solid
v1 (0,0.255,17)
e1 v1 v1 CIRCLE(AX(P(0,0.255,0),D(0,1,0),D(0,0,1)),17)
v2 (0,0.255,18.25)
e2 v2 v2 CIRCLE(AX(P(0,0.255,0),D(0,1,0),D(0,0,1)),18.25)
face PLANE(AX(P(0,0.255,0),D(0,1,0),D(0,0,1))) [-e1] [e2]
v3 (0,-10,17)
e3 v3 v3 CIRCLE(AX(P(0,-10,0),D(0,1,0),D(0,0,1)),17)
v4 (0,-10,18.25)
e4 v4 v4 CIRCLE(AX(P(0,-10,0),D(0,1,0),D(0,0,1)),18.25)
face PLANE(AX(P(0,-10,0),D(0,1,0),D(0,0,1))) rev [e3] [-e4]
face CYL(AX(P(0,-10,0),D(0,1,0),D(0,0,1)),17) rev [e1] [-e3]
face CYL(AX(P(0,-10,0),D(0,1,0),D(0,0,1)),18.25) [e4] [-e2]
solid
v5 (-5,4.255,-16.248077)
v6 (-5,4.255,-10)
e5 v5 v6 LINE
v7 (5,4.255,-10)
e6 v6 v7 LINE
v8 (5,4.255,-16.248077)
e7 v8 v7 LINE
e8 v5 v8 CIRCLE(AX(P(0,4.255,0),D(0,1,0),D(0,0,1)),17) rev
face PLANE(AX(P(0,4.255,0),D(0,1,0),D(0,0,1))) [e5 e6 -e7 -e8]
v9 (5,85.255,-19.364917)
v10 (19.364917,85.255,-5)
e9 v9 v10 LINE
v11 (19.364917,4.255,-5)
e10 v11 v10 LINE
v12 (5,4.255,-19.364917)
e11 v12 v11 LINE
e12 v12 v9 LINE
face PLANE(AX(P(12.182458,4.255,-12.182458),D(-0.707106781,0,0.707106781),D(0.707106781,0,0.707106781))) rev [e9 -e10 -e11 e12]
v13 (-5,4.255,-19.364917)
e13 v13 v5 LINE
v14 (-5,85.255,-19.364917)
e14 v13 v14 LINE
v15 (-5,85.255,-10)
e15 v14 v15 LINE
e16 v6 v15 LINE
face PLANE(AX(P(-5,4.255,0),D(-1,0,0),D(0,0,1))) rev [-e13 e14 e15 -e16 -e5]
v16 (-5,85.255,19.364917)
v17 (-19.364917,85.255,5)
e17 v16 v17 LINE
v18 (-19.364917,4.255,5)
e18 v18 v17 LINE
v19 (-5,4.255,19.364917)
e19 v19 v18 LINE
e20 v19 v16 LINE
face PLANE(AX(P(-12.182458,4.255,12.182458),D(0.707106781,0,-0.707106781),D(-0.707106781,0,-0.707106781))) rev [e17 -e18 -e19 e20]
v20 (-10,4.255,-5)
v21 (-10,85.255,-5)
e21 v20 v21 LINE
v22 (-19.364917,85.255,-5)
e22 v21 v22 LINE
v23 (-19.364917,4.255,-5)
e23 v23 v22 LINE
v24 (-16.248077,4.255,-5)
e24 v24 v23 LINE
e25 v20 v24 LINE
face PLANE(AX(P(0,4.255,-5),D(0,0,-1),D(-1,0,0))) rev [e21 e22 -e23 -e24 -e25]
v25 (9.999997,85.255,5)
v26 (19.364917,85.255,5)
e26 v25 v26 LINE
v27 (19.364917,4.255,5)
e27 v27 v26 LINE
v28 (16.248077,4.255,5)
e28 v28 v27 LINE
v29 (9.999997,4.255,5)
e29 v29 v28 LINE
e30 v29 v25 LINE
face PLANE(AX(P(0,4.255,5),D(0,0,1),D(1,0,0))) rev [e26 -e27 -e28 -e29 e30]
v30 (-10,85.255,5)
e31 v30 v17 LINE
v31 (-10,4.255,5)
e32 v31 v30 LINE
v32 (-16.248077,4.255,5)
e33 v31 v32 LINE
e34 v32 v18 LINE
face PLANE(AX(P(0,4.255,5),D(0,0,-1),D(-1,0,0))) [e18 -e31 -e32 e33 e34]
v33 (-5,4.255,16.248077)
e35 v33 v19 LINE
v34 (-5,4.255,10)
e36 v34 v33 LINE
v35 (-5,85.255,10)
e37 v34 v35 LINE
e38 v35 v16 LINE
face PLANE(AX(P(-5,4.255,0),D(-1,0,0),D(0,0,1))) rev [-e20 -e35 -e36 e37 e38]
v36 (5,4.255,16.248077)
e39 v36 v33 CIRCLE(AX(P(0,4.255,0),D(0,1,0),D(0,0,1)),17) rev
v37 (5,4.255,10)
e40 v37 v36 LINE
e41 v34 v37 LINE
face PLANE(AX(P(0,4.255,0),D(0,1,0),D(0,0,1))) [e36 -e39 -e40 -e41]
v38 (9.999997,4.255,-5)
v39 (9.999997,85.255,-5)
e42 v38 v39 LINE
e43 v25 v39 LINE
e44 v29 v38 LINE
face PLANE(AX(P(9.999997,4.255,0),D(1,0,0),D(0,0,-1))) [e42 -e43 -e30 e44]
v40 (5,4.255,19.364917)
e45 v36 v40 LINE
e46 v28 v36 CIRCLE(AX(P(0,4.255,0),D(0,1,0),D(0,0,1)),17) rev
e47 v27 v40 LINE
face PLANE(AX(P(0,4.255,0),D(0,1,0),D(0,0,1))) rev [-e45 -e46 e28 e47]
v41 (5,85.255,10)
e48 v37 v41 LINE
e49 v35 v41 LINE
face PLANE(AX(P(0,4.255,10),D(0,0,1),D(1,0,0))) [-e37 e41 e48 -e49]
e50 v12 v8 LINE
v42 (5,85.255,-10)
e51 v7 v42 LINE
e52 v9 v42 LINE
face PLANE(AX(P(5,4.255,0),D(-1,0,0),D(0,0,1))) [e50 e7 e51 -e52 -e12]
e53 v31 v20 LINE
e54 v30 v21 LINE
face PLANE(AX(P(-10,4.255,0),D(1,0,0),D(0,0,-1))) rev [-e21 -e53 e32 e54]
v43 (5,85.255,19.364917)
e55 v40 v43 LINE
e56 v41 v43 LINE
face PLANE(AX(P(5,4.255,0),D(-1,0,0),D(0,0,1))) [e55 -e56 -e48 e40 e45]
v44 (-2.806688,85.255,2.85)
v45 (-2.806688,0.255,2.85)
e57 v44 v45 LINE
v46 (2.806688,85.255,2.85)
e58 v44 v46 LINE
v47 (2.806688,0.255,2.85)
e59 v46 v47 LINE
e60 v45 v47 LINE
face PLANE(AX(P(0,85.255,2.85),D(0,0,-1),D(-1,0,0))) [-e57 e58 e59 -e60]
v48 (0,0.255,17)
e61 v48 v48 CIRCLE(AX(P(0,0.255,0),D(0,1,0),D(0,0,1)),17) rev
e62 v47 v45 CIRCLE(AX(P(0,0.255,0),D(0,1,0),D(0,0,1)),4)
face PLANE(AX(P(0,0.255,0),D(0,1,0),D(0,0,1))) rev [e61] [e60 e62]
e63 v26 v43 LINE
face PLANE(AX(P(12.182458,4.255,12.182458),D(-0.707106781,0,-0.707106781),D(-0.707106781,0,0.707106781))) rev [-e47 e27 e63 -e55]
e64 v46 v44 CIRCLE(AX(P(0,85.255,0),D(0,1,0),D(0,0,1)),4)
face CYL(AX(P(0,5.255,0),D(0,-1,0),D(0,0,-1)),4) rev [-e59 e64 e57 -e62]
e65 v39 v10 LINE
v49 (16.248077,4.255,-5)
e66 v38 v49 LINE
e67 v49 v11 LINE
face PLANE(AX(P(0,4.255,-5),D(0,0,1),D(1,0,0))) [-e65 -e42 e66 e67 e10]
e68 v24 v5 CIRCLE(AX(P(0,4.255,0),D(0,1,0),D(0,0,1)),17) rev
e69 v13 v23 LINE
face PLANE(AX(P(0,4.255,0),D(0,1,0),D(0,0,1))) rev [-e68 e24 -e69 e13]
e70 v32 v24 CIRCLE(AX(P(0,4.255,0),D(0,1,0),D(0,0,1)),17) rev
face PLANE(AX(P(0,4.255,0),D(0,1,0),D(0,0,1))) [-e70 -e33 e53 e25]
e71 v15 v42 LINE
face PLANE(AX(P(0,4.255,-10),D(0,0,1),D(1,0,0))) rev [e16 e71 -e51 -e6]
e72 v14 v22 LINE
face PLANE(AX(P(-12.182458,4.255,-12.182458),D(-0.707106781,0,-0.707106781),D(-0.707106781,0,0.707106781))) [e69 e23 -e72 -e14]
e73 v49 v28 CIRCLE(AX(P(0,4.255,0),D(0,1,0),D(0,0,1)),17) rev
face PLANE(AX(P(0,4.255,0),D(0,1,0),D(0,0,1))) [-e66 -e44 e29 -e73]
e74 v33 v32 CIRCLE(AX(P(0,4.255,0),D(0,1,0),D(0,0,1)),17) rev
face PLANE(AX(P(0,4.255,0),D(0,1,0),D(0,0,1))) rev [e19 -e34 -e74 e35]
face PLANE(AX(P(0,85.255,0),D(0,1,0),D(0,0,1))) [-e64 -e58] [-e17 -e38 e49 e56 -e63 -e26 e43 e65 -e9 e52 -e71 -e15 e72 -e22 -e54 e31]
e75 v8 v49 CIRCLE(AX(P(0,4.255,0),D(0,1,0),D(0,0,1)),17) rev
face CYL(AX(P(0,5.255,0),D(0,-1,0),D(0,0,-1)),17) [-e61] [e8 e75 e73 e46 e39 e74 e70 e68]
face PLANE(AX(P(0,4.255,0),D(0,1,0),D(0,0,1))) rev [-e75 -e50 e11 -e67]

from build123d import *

# Parameters (mm, degrees)
BOSS_EXTRUDE8_DEPTH           = 0.255
BOSS_EXTRUDE8_DEPTH_BACK      = 10
SKETCH13_R                    = 18.25
SKETCH13_R_2                  = 17
SKETCH14_R                    = 17
SKETCH14_R_2                  = 4
BOSS_EXTRUDE17_DEPTH          = 5
CONNECTOR_CYLINDER_DEPTH      = 80
CONNECTOR_CYLINDER_DEPTH_BACK = 1
SKETCH21_R                    = 20
SKETCH23_R                    = 4
CUT_EXTRUDE4_DEPTH            = 96.3
CONNECTOR_CYLINDER_CUT_DEPTH  = 81
CUT_EXTRUDE5_DEPTH            = 81
KEY_CUT_DEPTH                 = 85


with BuildPart() as part:
    # Sketch13 → Boss-Extrude8 (new, two sides: drawn at the far end of the back side and taken through both)
    with BuildSketch(Plane(origin=(0, 0, 0), x_dir=(1, 0, 0), z_dir=(0, 1, 0)).offset(-BOSS_EXTRUDE8_DEPTH_BACK)):
        with Locations(Location((0, 0, 0), (0, 0, 270))):
            Circle(SKETCH13_R)
        with Locations(Location((0, 0, 0), (0, 0, 270))):
            Circle(SKETCH13_R_2, mode=Mode.SUBTRACT)
    extrude(amount=BOSS_EXTRUDE8_DEPTH + BOSS_EXTRUDE8_DEPTH_BACK)


with BuildPart() as body_2:
    # Sketch14 → Boss-Extrude17 (new body)
    # profile 1 of 2: a face of its own
    with BuildSketch(Plane(origin=(0, 0.255, 0), x_dir=(1, 0, 0), z_dir=(0, 1, 0))):
        with Locations(Location((0, 0, 0), (0, 0, 270))):
            Circle(SKETCH14_R)
        Circle(SKETCH14_R_2, mode=Mode.SUBTRACT)
    # profile 2 of 2: a face of its own
    with BuildSketch(Plane(origin=(0, 0.255, 0), x_dir=(1, 0, 0), z_dir=(0, 1, 0))):
        with BuildLine():
            ThreePointArc((2.066246597, 3.425), (0, 4), (-2.066246597, 3.425))
            Line((-2.066246597, 3.425), (0, 3.425))
            Line((0, 3.425), (2.066246597, 3.425))
        make_face()
    extrude(amount=BOSS_EXTRUDE17_DEPTH)

    # Sketch21 → Connector Cylinder (add, two sides: drawn at the far end of the back side and taken through both)
    with BuildSketch(Plane(origin=(0, 5.255, 0), x_dir=(1, 0, 0), z_dir=(0, 1, 0)).offset(-CONNECTOR_CYLINDER_DEPTH_BACK)):
        with Locations(Location((0, 0, 0), (0, 0, 270))):
            Circle(SKETCH21_R)
    extrude(amount=CONNECTOR_CYLINDER_DEPTH + CONNECTOR_CYLINDER_DEPTH_BACK)

    # Sketch23 → Cut-Extrude4 (cut)
    with BuildSketch(Plane(origin=(0, 85.255, 0), x_dir=(1, 0, 0), z_dir=(0, 1, 0))):
        with Locations(Location((0, 0, 0), (0, 0, 270))):
            Circle(SKETCH23_R)
    extrude(amount=-CUT_EXTRUDE4_DEPTH, mode=Mode.SUBTRACT)

    # Sketch22 → Connector Cylinder Cut (cut)
    with BuildSketch(Plane(origin=(0, 85.255, 0), x_dir=(1, 0, 0), z_dir=(0, 1, 0))):
        with BuildLine():
            ThreePointArc((-5, -19.364916731), (0, -20), (5, -19.364916731))
            Line((5, -19.364916731), (5, -10))
            Line((5, -10), (-5, -10))
            Line((-5, -10), (-5, -19.364916731))
        make_face()
        with BuildLine():
            ThreePointArc((-19.364916731, 5), (-20, 0), (-19.364916731, -5))
            Line((-19.364916731, -5), (-10, -5))
            Line((-10, -5), (-10, 5))
            Line((-10, 5), (-19.364916731, 5))
        make_face()
        with BuildLine():
            Line((5, 10), (5, 19.364916731))
            ThreePointArc((5, 19.364916731), (0, 20), (-5, 19.364916731))
            Line((-5, 19.364916731), (-5, 10))
            Line((-5, 10), (5, 10))
        make_face()
        with BuildLine():
            Line((9.999996731, 5), (9.999996731, -5))
            Line((9.999996731, -5), (19.364916731, -5))
            ThreePointArc((19.364916731, -5), (19.840593925, -2.52008585), (20, 0))
            ThreePointArc((20, 0), (19.840593925, 2.52008585), (19.364916731, 5))
            Line((19.364916731, 5), (9.999996731, 5))
        make_face()
    extrude(amount=-CONNECTOR_CYLINDER_CUT_DEPTH, mode=Mode.SUBTRACT)

    # Sketch24 → Cut-Extrude5 (cut)
    with BuildSketch(Plane(origin=(0, 85.255, 0), x_dir=(1, 0, 0), z_dir=(0, 1, 0))):
        with BuildLine():
            Line((-5, 19.364916731), (-19.364916731, 5))
            ThreePointArc((-19.364916731, 5), (-14.142135624, 14.142135624), (-5, 19.364916731))
        make_face()
        with BuildLine():
            Line((5, 19.364916731), (19.364916731, 5))
            ThreePointArc((19.364916731, 5), (14.142135624, 14.142135624), (5, 19.364916731))
        make_face()
        with BuildLine():
            Line((19.364916731, -5), (5, -19.364916731))
            ThreePointArc((5, -19.364916731), (14.142135624, -14.142135624), (19.364916731, -5))
        make_face()
        with BuildLine():
            Line((-5, -19.364916731), (-19.364916731, -5))
            ThreePointArc((-19.364916731, -5), (-14.142135624, -14.142135624), (-5, -19.364916731))
        make_face()
    extrude(amount=-CUT_EXTRUDE5_DEPTH, mode=Mode.SUBTRACT)

    # Sketch25 → Key Cut (add)
    with BuildSketch(Plane.XZ.offset(-0.255)):
        with BuildLine():
            ThreePointArc((2.80668844, 2.85), (0, 4), (-2.80668844, 2.85))
            Line((-2.80668844, 2.85), (2.80668844, 2.85))
        make_face()
    extrude(amount=-KEY_CUT_DEPTH)


solid = Compound([part.part, body_2.part])
